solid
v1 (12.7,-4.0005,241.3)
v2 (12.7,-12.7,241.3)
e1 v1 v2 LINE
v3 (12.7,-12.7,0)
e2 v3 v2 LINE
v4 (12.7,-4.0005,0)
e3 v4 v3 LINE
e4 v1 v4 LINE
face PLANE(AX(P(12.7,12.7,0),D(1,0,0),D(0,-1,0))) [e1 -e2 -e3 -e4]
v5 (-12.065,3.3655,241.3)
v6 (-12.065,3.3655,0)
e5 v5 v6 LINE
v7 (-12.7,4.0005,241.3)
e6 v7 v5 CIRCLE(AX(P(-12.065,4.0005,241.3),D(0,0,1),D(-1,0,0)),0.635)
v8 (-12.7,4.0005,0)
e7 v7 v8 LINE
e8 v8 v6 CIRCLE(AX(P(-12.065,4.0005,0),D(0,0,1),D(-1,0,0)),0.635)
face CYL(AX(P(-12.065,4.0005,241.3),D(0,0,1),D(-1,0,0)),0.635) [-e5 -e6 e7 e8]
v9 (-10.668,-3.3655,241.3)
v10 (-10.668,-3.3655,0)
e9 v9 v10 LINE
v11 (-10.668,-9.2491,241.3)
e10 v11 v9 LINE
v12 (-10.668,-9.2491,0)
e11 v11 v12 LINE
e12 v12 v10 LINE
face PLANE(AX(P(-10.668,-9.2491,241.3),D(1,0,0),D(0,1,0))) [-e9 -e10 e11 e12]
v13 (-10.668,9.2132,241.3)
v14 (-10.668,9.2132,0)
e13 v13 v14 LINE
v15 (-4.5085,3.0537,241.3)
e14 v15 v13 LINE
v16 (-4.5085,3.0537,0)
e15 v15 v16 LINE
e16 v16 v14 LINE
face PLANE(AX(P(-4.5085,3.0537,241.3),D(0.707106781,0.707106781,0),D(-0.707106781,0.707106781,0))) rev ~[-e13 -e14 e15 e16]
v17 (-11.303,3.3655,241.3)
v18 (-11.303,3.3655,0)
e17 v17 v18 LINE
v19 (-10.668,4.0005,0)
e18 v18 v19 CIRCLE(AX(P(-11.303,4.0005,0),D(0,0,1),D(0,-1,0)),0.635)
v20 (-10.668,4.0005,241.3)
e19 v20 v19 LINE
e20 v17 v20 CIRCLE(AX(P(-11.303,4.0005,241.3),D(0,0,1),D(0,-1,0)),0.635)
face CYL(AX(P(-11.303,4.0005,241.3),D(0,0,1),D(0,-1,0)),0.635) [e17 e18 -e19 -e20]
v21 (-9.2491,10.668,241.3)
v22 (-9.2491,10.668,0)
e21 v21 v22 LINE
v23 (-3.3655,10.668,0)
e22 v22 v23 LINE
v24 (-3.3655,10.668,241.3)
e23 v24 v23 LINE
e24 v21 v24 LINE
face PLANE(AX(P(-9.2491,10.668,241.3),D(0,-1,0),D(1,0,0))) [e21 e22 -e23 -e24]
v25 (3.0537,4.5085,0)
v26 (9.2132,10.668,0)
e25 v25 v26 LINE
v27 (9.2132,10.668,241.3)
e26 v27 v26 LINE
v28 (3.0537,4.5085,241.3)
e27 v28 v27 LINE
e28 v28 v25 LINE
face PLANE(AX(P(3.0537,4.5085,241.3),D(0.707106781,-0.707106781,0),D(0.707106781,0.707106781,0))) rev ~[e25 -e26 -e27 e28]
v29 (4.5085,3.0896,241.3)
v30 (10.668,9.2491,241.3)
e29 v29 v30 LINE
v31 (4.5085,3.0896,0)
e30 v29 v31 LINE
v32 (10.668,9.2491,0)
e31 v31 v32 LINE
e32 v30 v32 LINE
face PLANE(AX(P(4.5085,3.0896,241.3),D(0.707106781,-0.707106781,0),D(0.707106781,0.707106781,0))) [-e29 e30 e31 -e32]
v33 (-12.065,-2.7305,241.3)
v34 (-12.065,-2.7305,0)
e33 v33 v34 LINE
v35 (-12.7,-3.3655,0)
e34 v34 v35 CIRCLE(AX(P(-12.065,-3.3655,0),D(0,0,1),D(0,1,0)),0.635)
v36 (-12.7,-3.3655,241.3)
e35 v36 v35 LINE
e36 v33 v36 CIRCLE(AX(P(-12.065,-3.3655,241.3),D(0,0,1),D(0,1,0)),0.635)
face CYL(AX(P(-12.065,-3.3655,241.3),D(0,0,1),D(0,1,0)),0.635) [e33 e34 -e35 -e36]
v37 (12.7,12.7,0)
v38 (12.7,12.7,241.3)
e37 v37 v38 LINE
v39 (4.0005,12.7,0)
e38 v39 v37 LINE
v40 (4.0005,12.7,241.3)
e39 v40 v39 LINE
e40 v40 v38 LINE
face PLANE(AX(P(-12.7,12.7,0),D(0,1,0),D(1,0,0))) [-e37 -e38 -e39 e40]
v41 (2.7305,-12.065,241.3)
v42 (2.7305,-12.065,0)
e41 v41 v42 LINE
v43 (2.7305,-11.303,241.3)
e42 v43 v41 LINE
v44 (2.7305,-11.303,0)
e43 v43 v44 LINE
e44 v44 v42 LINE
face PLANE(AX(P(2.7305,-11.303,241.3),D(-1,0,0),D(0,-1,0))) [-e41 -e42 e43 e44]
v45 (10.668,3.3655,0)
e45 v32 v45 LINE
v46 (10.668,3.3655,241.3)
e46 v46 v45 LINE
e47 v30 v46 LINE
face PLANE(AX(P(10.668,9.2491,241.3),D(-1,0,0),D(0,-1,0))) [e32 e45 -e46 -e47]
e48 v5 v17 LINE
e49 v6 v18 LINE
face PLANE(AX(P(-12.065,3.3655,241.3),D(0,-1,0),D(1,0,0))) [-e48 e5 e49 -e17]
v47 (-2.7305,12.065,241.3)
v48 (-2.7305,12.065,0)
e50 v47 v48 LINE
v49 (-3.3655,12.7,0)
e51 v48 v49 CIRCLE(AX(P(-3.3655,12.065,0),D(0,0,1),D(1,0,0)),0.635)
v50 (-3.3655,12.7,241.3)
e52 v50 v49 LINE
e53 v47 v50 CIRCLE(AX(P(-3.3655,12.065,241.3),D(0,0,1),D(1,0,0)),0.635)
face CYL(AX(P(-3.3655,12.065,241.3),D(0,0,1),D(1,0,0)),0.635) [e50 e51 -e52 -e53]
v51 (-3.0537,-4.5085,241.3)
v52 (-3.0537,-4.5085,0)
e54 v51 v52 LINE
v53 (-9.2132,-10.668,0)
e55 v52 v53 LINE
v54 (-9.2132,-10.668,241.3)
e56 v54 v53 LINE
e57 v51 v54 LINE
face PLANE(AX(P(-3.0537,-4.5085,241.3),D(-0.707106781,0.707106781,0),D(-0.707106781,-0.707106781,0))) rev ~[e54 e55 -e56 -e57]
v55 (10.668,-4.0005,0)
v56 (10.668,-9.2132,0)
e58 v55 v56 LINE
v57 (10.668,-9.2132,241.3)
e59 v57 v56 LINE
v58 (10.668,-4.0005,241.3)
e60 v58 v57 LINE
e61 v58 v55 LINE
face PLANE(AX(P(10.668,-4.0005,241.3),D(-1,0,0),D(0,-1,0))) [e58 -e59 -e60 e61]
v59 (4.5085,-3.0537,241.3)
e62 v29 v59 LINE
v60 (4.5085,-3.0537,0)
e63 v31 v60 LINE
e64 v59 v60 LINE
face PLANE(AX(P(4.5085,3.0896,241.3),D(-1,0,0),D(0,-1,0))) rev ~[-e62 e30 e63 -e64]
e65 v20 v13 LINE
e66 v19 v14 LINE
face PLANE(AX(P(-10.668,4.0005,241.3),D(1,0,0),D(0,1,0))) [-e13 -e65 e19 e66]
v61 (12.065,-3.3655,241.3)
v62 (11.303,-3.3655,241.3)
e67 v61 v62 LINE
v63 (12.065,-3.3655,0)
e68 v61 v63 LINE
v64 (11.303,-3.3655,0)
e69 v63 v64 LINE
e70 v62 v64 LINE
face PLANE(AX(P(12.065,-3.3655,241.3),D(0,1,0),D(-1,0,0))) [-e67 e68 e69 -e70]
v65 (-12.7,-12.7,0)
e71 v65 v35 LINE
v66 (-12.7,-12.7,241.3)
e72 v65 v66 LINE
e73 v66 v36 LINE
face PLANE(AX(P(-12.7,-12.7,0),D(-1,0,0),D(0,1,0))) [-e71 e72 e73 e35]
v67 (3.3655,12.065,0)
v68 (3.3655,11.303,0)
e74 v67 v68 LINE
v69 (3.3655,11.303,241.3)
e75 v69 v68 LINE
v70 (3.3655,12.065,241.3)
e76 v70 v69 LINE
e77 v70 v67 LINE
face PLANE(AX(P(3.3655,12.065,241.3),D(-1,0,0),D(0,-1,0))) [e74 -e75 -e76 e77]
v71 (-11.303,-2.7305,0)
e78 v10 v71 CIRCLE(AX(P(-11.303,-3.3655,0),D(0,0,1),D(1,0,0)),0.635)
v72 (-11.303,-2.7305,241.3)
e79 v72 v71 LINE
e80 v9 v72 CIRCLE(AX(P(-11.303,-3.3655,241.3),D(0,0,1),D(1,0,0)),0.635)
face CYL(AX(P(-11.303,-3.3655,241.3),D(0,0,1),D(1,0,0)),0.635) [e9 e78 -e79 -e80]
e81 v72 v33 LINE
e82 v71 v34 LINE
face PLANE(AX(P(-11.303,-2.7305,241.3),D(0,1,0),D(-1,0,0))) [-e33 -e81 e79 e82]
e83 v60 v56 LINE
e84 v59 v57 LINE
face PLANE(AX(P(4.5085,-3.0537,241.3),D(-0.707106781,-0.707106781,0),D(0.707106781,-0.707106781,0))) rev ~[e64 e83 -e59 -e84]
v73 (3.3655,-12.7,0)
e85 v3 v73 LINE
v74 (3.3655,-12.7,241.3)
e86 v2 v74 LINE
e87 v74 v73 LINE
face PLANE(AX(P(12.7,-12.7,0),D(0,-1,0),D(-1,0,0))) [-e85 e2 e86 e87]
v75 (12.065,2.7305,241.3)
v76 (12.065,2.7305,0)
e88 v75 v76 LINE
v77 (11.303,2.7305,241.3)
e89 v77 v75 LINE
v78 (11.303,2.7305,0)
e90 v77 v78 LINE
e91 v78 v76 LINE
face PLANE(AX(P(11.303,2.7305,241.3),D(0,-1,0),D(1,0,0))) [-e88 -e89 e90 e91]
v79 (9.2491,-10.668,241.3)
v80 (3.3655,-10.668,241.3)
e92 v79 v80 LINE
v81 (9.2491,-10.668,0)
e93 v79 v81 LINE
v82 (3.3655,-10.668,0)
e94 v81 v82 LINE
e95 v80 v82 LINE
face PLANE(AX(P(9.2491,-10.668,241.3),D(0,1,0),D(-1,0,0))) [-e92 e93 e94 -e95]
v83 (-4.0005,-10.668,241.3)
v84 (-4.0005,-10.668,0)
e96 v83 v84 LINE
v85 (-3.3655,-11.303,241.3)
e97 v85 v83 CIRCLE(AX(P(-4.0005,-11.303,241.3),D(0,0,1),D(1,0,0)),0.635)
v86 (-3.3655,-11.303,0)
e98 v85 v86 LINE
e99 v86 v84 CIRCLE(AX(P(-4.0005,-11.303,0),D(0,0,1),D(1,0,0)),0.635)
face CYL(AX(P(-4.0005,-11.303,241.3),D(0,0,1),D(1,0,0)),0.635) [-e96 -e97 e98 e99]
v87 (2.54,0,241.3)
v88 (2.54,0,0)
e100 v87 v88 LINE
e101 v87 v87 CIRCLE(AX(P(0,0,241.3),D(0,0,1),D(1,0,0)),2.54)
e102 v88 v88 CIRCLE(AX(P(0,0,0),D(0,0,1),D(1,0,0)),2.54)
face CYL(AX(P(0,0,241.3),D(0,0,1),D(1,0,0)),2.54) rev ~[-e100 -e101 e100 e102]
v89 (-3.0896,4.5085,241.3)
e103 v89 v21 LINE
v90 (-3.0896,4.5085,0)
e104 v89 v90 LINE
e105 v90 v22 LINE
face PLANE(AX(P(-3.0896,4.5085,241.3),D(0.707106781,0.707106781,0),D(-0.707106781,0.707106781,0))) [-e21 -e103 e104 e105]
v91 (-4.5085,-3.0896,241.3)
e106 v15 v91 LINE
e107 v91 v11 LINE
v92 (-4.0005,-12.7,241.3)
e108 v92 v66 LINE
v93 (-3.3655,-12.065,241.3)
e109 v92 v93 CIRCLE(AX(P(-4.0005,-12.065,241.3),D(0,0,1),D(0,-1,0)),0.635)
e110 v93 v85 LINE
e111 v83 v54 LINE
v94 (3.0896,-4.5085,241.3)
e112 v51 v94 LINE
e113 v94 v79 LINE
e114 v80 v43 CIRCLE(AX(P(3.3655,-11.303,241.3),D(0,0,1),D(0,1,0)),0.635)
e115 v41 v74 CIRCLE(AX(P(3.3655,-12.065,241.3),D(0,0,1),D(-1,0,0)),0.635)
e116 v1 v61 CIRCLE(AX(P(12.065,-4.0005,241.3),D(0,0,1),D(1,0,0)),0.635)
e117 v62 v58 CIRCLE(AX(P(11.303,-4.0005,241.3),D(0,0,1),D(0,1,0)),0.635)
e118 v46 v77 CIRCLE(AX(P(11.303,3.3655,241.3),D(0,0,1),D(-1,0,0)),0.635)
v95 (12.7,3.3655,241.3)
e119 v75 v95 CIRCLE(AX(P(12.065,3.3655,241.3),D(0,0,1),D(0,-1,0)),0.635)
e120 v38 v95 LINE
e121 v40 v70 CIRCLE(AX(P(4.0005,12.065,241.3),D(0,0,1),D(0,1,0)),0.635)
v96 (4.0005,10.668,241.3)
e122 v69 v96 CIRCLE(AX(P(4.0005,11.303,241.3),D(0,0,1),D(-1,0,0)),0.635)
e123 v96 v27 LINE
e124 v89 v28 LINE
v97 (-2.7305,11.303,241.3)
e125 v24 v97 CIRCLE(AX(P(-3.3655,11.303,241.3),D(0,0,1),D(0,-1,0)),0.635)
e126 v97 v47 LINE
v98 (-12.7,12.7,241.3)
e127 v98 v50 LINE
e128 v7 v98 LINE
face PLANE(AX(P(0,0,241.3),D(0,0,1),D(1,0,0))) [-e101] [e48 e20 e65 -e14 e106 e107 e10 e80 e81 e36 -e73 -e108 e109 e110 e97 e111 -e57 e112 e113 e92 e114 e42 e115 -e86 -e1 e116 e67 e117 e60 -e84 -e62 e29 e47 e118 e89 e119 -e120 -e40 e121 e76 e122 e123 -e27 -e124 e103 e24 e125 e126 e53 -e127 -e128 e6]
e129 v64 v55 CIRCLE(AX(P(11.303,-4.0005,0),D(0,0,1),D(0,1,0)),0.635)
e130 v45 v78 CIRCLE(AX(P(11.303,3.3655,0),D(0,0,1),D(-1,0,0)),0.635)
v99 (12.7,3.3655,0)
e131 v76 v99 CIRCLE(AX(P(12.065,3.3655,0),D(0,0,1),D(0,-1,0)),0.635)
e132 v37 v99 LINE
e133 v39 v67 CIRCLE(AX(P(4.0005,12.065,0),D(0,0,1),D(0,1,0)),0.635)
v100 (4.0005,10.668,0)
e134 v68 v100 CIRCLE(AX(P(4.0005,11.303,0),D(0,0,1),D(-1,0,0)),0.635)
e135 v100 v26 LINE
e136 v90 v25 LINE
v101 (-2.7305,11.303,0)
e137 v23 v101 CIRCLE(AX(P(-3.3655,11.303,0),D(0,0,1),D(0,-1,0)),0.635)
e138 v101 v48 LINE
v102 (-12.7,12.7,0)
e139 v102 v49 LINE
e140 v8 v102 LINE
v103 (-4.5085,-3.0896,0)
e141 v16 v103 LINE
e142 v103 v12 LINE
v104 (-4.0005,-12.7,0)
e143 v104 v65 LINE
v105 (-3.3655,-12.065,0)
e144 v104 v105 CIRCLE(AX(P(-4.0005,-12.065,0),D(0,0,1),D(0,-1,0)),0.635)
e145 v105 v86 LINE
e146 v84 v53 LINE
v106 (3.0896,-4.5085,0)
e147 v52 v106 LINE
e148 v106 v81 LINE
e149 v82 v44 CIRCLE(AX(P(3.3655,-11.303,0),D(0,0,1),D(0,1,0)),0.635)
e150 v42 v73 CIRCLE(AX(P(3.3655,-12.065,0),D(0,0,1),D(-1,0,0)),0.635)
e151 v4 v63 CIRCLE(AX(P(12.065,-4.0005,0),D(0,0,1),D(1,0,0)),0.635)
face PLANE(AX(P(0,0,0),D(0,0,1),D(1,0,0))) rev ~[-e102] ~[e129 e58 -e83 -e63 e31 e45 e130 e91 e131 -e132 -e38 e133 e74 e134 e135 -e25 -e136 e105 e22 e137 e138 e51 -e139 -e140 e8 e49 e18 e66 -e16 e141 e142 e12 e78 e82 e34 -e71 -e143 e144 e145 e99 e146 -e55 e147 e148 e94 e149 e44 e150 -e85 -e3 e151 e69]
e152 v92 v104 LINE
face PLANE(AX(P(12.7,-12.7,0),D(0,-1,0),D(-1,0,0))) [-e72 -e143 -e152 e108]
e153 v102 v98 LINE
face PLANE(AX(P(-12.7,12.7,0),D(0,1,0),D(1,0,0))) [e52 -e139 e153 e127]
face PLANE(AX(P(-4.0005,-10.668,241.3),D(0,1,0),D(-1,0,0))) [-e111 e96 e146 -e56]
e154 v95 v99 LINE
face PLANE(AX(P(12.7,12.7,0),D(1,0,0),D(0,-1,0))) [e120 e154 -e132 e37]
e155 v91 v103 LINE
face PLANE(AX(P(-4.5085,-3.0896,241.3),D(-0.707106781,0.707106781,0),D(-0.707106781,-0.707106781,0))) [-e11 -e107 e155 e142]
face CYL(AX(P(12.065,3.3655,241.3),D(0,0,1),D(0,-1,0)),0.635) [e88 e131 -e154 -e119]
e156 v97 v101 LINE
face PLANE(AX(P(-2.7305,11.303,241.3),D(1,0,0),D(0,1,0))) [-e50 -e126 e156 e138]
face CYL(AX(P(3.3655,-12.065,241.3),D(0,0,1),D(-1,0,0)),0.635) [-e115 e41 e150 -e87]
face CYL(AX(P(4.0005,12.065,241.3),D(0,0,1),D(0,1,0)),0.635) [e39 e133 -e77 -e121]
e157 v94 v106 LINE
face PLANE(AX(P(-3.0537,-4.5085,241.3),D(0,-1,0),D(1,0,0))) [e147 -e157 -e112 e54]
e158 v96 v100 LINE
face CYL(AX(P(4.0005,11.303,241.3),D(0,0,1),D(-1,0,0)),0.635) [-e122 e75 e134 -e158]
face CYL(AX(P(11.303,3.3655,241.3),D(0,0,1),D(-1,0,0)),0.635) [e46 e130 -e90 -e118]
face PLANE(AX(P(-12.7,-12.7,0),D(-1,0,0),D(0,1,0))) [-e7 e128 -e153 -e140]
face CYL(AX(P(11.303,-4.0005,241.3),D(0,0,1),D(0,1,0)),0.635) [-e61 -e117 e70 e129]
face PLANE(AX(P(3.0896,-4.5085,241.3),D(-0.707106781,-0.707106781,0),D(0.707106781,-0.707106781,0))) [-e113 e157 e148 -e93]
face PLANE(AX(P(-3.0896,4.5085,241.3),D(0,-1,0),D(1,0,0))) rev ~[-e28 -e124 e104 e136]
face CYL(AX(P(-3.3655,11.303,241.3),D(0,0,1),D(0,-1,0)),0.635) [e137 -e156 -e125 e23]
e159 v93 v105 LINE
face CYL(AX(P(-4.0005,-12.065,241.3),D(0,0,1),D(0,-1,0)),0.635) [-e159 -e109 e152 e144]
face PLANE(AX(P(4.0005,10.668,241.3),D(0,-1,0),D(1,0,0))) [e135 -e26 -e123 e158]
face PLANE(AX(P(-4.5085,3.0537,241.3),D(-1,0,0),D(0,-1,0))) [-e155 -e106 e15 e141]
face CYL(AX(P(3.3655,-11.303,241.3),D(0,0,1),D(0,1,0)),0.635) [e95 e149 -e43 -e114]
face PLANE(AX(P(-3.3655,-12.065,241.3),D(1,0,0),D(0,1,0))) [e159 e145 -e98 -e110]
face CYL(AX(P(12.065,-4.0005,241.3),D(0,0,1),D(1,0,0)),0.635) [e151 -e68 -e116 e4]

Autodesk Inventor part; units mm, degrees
ref_plane "YZ Plane" through (0, 0, 0) normal (1, 0, 0) x (0, 1, 0)
ref_plane "XZ Plane" through (0, 0, 0) normal (0, 1, 0) x (-1, 0, 0)
ref_plane "XY Plane" through (0, 0, 0) normal (0, 0, 1) x (1, 0, 0)
sketch "Sketch1" plane through (0, 0, 0) normal (0, 0, 1) x (1, 0, 0)
  line L0 (-12.7, 12.7) -> (12.7, 12.7)
  line L1 (12.7, 12.7) -> (12.7, -12.7)
  line L2 (12.7, -12.7) -> (-12.7, -12.7)
  line L3 (-12.7, -12.7) -> (-12.7, 12.7)
  point P0 (0, 0)
  dimension "d0" = 25.4
  dimension "d1" = 25.4
  dimension "d2" = 12.7
  dimension "d3" = 12.7
extrude "Extrusion1" add sketch "Sketch1" along normal blind 241.3
sketch "Sketch2" plane through (0, 0, 241.3) normal (0, 0, 1) x (1, 0, 0)
  circle A0 centre (0, 0) radius 2.54
  line L0 (-4.5085, 4.5085) -> (4.5085, 4.5085)
  line L1 (-4.5085, -4.5085) -> (4.5085, -4.5085)
  line L2 (4.5085, 4.5085) -> (4.5085, -4.5085)
  line L3 (-4.5085, 4.5085) -> (-4.5085, -4.5085)
  line L4 (-3.0896, 4.5085) -> (-11.2811, 12.7)
  line L5 (-4.5085, 3.0537) -> (-12.7, 11.2452)
  line L6 (12.7, 12.7) -> (-12.7, 12.7) projected
  line L7 (-12.7, 12.7) -> (-12.7, 4.0005)
  line L8 (-10.668, 4.0005) -> (-10.668, 9.2132)
  line L9 (-9.2491, 10.668) -> (-3.3655, 10.668)
  line L10 (-12.7, 12.7) -> (-3.3655, 12.7)
  line L11 (-2.7305, 11.303) -> (-2.7305, 12.065)
  line L12 (-12.065, 3.3655) -> (-11.303, 3.3655)
  arc A1 (-12.7, 4.0005) -> (-12.065, 3.3655) centre (-12.065, 4.0005) ccw
  arc A2 (-11.303, 3.3655) -> (-10.668, 4.0005) centre (-11.303, 4.0005) ccw
  arc A3 (-3.3655, 10.668) -> (-2.7305, 11.303) centre (-3.3655, 11.303) ccw
  arc A4 (-2.7305, 12.065) -> (-3.3655, 12.7) centre (-3.3655, 12.065) ccw
  arc A5 (-3.3655, -11.303) -> (-4.0005, -10.668) centre (-4.0005, -11.303) ccw
  line L13 (-3.3655, -12.065) -> (-3.3655, -11.303)
  arc A6 (-4.0005, -12.7) -> (-3.3655, -12.065) centre (-4.0005, -12.065) ccw
  line L14 (-3.0537, -4.5085) -> (-11.2452, -12.7)
  line L15 (-10.668, -9.2491) -> (-10.668, -3.3655)
  line L16 (-4.5085, -3.0896) -> (-12.7, -11.2811)
  line L17 (-12.7, -12.7) -> (-12.7, -3.3655)
  arc A7 (-10.668, -3.3655) -> (-11.303, -2.7305) centre (-11.303, -3.3655) ccw
  line L18 (-11.303, -2.7305) -> (-12.065, -2.7305)
  arc A8 (-12.065, -2.7305) -> (-12.7, -3.3655) centre (-12.065, -3.3655) ccw
  line L19 (-4.0005, -10.668) -> (-9.2132, -10.668)
  line L20 (-12.7, -12.7) -> (-4.0005, -12.7)
  arc A9 (11.303, -3.3655) -> (10.668, -4.0005) centre (11.303, -4.0005) ccw
  line L21 (12.065, -3.3655) -> (11.303, -3.3655)
  arc A10 (12.7, -4.0005) -> (12.065, -3.3655) centre (12.065, -4.0005) ccw
  line L22 (4.5085, -3.0537) -> (12.7, -11.2452)
  line L23 (9.2491, -10.668) -> (3.3655, -10.668)
  line L24 (3.0896, -4.5085) -> (11.2811, -12.7)
  line L25 (12.7, -12.7) -> (3.3655, -12.7)
  arc A11 (3.3655, -10.668) -> (2.7305, -11.303) centre (3.3655, -11.303) ccw
  line L26 (2.7305, -11.303) -> (2.7305, -12.065)
  arc A12 (2.7305, -12.065) -> (3.3655, -12.7) centre (3.3655, -12.065) ccw
  line L27 (10.668, -4.0005) -> (10.668, -9.2132)
  line L28 (12.7, -12.7) -> (12.7, -4.0005)
  arc A13 (3.3655, 11.303) -> (4.0005, 10.668) centre (4.0005, 11.303) ccw
  line L29 (3.3655, 12.065) -> (3.3655, 11.303)
  arc A14 (4.0005, 12.7) -> (3.3655, 12.065) centre (4.0005, 12.065) ccw
  line L30 (3.0537, 4.5085) -> (11.2452, 12.7)
  line L31 (10.668, 9.2491) -> (10.668, 3.3655)
  line L32 (4.5085, 3.0896) -> (12.7, 11.2811)
  line L33 (12.7, 12.7) -> (12.7, 3.3655)
  arc A15 (10.668, 3.3655) -> (11.303, 2.7305) centre (11.303, 3.3655) ccw
  line L34 (11.303, 2.7305) -> (12.065, 2.7305)
  arc A16 (12.065, 2.7305) -> (12.7, 3.3655) centre (12.065, 3.3655) ccw
  line L35 (4.0005, 10.668) -> (9.2132, 10.668)
  line L36 (12.7, 12.7) -> (4.0005, 12.7)
  line L37 (-4.5085, 3.0537) -> (-4.5085, 4.5085)
  line L38 (-3.0896, 4.5085) -> (-4.5085, 4.5085)
  line L39 (-12.7, -12.7) -> (-4.0005, -12.7)
  line L40 (-4.0005, -10.668) -> (-9.2132, -10.668)
  line L41 (-10.668, -9.2491) -> (-10.668, -3.3655)
  line L42 (-12.7, -12.7) -> (-12.7, -3.3655)
  line L43 (-11.303, -2.7305) -> (-12.065, -2.7305)
  arc A17 (-10.668, -3.3655) -> (-11.303, -2.7305) centre (-11.303, -3.3655) ccw
  arc A18 (-12.065, -2.7305) -> (-12.7, -3.3655) centre (-12.065, -3.3655) ccw
  line L44 (-4.5085, -3.0896) -> (-4.5085, -4.5085)
  line L45 (-4.5085, -3.0896) -> (-12.7, -11.2811)
  line L46 (-3.0537, -4.5085) -> (-4.5085, -4.5085)
  line L47 (-3.0537, -4.5085) -> (-11.2452, -12.7)
  line L48 (-4.5085, -4.5085) -> (-4.5085, 4.5085)
  circle A19 centre (0, 0) radius 2.54
  line L49 (-4.5085, -4.5085) -> (4.5085, -4.5085)
  line L50 (-3.3655, -12.065) -> (-3.3655, -11.303)
  arc A20 (-4.0005, -12.7) -> (-3.3655, -12.065) centre (-4.0005, -12.065) ccw
  arc A21 (-3.3655, -11.303) -> (-4.0005, -10.668) centre (-4.0005, -11.303) ccw
  line L51 (12.7, -12.7) -> (12.7, -4.0005)
  line L52 (10.668, -4.0005) -> (10.668, -9.2132)
  line L53 (9.2491, -10.668) -> (3.3655, -10.668)
  line L54 (12.7, -12.7) -> (3.3655, -12.7)
  line L55 (2.7305, -11.303) -> (2.7305, -12.065)
  arc A22 (3.3655, -10.668) -> (2.7305, -11.303) centre (3.3655, -11.303) ccw
  arc A23 (2.7305, -12.065) -> (3.3655, -12.7) centre (3.3655, -12.065) ccw
  line L56 (3.0896, -4.5085) -> (4.5085, -4.5085)
  line L57 (3.0896, -4.5085) -> (11.2811, -12.7)
  line L58 (4.5085, -3.0537) -> (4.5085, -4.5085)
  line L59 (4.5085, -3.0537) -> (12.7, -11.2452)
  line L60 (4.5085, -4.5085) -> (-4.5085, -4.5085)
  circle A24 centre (0, 0) radius 2.54
  line L61 (4.5085, -4.5085) -> (4.5085, 4.5085)
  line L62 (12.065, -3.3655) -> (11.303, -3.3655)
  arc A25 (12.7, -4.0005) -> (12.065, -3.3655) centre (12.065, -4.0005) ccw
  arc A26 (11.303, -3.3655) -> (10.668, -4.0005) centre (11.303, -4.0005) ccw
  line L63 (12.7, 12.7) -> (4.0005, 12.7)
  line L64 (4.0005, 10.668) -> (9.2132, 10.668)
  line L65 (10.668, 9.2491) -> (10.668, 3.3655)
  line L66 (12.7, 12.7) -> (12.7, 3.3655)
  line L67 (11.303, 2.7305) -> (12.065, 2.7305)
  arc A27 (10.668, 3.3655) -> (11.303, 2.7305) centre (11.303, 3.3655) ccw
  arc A28 (12.065, 2.7305) -> (12.7, 3.3655) centre (12.065, 3.3655) ccw
  line L68 (4.5085, 3.0896) -> (4.5085, 4.5085)
  line L69 (4.5085, 3.0896) -> (12.7, 11.2811)
  line L70 (3.0537, 4.5085) -> (4.5085, 4.5085)
  line L71 (3.0537, 4.5085) -> (11.2452, 12.7)
  line L72 (4.5085, 4.5085) -> (4.5085, -4.5085)
  circle A29 centre (0, 0) radius 2.54
  line L73 (4.5085, 4.5085) -> (-4.5085, 4.5085)
  line L74 (3.3655, 12.065) -> (3.3655, 11.303)
  arc A30 (4.0005, 12.7) -> (3.3655, 12.065) centre (4.0005, 12.065) ccw
  arc A31 (3.3655, 11.303) -> (4.0005, 10.668) centre (4.0005, 11.303) ccw
  point P0 (-12.7, 3.3655)
  point P1 (-2.7305, 12.7)
  point P2 (-3.3655, -12.7)
  point P3 (-12.7, -2.7305)
  point P4 (12.7, -3.3655)
  point P5 (2.7305, -12.7)
  point P6 (3.3655, 12.7)
  point P7 (12.7, 2.7305)
  point P8 (-3.3655, -12.7)
  point P9 (-12.7, -2.7305)
  point P10 (12.7, -3.3655)
  point P11 (2.7305, -12.7)
  point P12 (3.3655, 12.7)
  point P13 (12.7, 2.7305)
  dimension "d6" = 5.08
  dimension "d7" = 9.017
  dimension "d8" = 4.5085
  dimension "d9" = 4.5085
  dimension "d10" = 4.5085
  dimension "d11" = 2.032
  dimension "d12" = 1.0033
  dimension "d13" = 135
  dimension "d17" = 9.3345
  dimension "d19" = 2.032
  dimension "d20" = 2.032
  dimension "d21" = 0.635
  dimension "d22" = 9.3345
  dimension "d25" = 360
  dimension "d29" = 360
extrude "Extrusion2" cut sketch "Sketch2" against normal blind 1219.2 contours L3 L5 L7 L6 L4 L0 | L0 L2 L1 L3 | L30 L6 L33 L32 L2 L0 | L4 L6 A4 L11 A3 L9 | L3 L1 L14 L20 L17 L16 | L8 A2 L12 A1 L7 L5 | L35 A13 L29 A14 L6 L30 | L16 L17 A8 L18 A7 L15 | L22 L28 L25 L24 L1 L2 | L32 L33 A16 L34 A15 L31 | L19 A5 L13 A6 L20 L14 | L27 A9 L21 A10 L28 L22 | L24 L25 A12 L26 A11 L23 keep common part
equation "\"d22\" = d17"
properties part number "Vertical piece Handle side"
